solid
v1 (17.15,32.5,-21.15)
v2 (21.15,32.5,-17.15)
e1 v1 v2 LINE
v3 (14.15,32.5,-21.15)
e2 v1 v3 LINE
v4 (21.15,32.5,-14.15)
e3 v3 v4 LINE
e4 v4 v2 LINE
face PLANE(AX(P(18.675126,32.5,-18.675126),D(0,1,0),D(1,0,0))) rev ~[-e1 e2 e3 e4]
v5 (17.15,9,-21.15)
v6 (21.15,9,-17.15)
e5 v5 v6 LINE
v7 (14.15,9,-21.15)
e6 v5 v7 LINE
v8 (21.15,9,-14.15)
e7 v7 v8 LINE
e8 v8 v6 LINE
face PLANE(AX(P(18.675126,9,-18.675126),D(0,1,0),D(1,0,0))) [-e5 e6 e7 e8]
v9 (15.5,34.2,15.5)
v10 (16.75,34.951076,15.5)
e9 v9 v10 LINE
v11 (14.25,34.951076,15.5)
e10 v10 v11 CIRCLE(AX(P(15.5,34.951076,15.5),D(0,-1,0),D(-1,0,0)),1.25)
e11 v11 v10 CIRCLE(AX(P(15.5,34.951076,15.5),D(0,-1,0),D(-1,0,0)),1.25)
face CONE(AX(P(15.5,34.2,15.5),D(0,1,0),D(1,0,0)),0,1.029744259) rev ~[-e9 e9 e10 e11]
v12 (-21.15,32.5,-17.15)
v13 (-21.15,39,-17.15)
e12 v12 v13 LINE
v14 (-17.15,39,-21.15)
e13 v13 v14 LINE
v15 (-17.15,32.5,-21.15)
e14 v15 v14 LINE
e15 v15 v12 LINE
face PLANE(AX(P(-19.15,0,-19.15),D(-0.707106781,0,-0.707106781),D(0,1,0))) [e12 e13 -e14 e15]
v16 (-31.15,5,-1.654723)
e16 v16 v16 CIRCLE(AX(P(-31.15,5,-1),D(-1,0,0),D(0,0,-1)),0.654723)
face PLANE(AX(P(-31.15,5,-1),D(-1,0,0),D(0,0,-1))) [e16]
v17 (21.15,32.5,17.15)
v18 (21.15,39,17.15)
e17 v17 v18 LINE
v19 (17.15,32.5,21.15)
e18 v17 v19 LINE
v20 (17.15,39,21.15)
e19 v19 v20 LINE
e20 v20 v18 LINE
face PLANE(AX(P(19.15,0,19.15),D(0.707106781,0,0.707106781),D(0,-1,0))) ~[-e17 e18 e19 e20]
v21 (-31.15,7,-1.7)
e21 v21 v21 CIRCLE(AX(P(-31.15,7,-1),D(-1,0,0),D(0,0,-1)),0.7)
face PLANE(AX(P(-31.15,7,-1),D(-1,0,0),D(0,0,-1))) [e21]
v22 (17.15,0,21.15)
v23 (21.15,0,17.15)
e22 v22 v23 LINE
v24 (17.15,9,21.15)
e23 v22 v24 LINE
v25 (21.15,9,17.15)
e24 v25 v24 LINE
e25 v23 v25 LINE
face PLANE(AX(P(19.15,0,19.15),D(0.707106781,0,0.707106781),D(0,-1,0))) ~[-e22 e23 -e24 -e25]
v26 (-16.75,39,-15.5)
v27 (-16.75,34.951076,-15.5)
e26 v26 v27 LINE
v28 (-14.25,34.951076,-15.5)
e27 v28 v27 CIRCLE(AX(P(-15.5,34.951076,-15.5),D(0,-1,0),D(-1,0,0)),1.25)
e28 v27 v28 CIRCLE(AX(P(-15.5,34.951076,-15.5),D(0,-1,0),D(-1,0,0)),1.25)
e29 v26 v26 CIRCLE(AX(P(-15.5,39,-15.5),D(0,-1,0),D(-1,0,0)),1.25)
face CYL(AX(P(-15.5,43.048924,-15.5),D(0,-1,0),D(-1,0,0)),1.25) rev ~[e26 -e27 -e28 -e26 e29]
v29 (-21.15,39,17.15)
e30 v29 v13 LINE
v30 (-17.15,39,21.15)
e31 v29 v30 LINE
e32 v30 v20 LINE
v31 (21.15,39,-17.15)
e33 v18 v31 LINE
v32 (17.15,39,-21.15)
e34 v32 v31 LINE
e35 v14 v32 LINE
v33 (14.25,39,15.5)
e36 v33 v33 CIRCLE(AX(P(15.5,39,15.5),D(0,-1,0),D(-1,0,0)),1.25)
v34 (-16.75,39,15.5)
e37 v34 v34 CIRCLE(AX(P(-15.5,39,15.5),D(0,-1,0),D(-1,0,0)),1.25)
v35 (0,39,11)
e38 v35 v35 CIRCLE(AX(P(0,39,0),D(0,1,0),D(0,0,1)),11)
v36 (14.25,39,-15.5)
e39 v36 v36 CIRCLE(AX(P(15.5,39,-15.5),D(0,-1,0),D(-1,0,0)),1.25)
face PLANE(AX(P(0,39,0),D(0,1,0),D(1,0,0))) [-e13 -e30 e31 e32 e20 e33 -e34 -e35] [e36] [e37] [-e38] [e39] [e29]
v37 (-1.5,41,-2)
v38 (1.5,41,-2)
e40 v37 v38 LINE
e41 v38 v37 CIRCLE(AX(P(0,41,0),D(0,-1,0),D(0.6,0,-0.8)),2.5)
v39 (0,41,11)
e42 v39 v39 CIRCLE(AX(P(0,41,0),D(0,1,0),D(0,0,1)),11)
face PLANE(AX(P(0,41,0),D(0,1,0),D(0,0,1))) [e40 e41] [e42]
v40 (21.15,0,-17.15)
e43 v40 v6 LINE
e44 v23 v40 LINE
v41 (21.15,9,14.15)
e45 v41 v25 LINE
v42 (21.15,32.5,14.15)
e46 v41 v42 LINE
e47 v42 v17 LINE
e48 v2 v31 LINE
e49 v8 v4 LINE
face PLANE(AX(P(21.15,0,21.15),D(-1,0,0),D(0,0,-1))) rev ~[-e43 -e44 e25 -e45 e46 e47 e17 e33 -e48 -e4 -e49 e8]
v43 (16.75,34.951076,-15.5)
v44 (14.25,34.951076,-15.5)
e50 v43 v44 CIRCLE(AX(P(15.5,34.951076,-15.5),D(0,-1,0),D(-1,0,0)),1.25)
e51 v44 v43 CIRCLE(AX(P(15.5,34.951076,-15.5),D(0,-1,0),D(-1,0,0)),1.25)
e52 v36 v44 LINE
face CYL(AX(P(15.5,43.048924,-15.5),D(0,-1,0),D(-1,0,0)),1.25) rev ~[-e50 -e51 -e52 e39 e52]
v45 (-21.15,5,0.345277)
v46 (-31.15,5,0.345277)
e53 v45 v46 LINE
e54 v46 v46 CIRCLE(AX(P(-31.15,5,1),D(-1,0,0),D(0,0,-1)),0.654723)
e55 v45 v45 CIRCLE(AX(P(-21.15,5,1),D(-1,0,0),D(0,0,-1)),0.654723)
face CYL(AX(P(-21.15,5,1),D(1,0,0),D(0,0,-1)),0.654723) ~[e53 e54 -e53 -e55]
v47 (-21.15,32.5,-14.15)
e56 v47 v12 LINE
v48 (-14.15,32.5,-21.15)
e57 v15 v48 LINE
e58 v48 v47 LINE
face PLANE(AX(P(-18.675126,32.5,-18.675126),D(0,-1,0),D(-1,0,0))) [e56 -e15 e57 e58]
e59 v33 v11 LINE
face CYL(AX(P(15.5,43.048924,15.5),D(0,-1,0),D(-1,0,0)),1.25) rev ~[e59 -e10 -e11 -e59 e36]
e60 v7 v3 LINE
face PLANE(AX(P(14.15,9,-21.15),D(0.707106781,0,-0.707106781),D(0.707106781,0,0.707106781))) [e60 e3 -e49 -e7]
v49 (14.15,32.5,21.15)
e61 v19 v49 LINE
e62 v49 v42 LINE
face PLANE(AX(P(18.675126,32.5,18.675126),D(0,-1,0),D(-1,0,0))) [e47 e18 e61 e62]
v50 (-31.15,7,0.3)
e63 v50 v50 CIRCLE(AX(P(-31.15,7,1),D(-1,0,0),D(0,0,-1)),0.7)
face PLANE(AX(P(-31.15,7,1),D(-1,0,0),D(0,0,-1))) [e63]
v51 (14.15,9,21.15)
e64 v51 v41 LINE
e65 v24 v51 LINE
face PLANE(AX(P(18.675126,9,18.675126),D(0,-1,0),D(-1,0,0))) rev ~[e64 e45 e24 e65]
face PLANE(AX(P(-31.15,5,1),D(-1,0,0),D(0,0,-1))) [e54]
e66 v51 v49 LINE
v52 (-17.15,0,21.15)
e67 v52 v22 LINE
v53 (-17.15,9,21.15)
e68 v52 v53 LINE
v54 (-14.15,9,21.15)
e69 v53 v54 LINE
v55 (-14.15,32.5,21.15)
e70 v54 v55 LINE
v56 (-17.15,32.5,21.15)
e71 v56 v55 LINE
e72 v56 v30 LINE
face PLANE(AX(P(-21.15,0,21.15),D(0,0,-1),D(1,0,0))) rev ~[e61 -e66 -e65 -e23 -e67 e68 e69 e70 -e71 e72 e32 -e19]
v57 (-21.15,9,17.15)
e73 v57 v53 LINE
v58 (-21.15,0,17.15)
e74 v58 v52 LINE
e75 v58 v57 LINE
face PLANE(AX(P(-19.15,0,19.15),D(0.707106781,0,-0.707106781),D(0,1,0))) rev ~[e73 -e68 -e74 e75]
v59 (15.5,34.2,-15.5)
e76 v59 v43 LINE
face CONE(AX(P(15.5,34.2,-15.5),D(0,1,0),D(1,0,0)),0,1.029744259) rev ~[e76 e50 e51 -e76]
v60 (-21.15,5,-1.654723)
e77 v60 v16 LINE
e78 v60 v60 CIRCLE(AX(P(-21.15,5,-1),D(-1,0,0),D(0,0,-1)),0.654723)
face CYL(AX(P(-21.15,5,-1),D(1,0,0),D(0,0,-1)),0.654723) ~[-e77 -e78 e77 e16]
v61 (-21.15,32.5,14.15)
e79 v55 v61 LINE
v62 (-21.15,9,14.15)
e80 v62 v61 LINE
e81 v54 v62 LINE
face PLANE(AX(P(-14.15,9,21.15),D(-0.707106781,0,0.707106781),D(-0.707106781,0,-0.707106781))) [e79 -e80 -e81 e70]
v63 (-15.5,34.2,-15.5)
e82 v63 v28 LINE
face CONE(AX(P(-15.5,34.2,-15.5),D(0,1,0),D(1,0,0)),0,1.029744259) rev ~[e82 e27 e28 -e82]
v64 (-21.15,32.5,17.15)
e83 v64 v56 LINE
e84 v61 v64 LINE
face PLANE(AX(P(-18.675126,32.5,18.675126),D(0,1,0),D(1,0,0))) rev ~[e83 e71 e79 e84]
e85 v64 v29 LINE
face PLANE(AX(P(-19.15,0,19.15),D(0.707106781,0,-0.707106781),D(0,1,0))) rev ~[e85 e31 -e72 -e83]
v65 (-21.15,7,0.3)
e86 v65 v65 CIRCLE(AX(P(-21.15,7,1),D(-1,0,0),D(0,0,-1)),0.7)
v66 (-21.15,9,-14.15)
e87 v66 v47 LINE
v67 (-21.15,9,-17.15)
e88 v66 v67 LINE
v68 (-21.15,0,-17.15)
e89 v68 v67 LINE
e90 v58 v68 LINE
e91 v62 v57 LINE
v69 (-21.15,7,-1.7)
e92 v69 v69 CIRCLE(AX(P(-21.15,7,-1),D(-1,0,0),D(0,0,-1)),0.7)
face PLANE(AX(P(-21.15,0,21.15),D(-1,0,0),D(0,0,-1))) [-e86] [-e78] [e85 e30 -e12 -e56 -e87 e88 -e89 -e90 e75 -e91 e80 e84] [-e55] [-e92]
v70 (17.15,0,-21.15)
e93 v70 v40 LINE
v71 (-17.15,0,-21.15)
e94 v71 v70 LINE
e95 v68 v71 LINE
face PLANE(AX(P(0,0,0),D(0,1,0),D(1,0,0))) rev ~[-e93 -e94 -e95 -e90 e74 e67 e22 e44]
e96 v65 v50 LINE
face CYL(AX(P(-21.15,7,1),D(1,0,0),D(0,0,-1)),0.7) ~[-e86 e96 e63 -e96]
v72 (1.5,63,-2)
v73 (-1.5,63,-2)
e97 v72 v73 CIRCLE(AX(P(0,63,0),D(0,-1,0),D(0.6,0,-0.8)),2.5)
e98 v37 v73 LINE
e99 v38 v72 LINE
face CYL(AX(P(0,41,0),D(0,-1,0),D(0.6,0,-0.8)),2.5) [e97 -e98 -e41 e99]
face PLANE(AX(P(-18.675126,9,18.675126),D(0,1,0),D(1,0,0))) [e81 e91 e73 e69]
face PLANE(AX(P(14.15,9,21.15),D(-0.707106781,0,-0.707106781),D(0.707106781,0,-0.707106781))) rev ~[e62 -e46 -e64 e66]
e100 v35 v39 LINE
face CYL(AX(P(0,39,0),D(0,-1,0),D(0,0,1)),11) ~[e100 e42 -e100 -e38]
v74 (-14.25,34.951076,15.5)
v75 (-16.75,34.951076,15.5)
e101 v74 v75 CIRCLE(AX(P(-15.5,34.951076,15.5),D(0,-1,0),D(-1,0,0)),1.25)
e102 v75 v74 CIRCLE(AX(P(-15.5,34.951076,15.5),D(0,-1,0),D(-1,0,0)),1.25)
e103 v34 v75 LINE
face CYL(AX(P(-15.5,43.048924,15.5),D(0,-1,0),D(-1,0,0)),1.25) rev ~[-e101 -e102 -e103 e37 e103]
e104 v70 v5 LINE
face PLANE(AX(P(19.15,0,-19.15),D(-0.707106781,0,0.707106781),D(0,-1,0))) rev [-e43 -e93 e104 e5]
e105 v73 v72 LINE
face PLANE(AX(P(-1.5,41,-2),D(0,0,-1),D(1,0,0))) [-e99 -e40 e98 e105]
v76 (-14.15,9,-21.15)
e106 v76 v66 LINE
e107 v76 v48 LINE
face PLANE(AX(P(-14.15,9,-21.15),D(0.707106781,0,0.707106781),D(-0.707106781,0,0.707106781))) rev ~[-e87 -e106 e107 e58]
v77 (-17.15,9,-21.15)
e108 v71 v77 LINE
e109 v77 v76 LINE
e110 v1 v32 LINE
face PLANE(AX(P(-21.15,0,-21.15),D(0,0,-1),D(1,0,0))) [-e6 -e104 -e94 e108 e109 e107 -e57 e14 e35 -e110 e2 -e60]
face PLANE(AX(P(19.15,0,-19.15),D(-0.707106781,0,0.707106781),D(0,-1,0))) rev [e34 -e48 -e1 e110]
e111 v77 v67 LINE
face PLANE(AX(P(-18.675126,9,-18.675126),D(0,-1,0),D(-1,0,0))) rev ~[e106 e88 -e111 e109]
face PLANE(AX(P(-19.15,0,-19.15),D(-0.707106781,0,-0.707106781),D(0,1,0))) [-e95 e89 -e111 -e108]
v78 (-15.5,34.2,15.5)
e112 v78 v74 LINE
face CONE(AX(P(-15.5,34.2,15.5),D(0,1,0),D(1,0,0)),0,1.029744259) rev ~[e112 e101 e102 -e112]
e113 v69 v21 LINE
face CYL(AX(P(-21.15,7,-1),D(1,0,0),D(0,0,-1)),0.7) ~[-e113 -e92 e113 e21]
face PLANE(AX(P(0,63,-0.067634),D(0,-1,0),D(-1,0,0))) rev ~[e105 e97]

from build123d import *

# Parameters (mm, degrees)
ESQUISSE1_W                                   = 42.3
ESQUISSE1_H                                   = 42.3
BOSS_EXTRU_1_DEPTH                            = 39
ESQUISSE2_R                                   = 11
BOSS_EXTRU_2_DEPTH                            = 2
BOSS_EXTRU_3_DEPTH                            = 22
TROU_POUR_TARAUDAGE_POUR_TROU_TARAUD_M3_D     = 2.5
TROU_POUR_TARAUDAGE_POUR_TROU_TARAUD_M3_DEPTH = 4.048924226
TROU_POUR_TARAUDAGE_POUR_TROU_TARAUD_M3_TIP   = 0.751075774
CHANFREIN1_SIZE                               = 4
ENL_V_START                                   = 9
ENL_V_MAT_EXTRU_1_DEPTH                       = 23.5
ESQUISSE5_R                                   = 0.7
ESQUISSE5_R_2                                 = 0.654723083
BOSS_EXTRU_4_DEPTH                            = 10


with BuildPart() as part:
    # Esquisse1 → Boss.-Extru.1 (new body)
    with BuildSketch(Plane(origin=(0, 0, 0), x_dir=(1, 0, 0), z_dir=(0, 1, 0))):
        Rectangle(ESQUISSE1_W, ESQUISSE1_H)
    extrude(amount=BOSS_EXTRU_1_DEPTH)

    # Esquisse2 → Boss.-Extru.2 (add)
    with BuildSketch(Plane(origin=(0, 39, 0), x_dir=(1, 0, 0), z_dir=(0, 1, 0))):
        with Locations(Location((0, 0, 0), (0, 0, 270))):
            Circle(ESQUISSE2_R)
    extrude(amount=BOSS_EXTRU_2_DEPTH)

    # Esquisse3 → Boss.-Extru.3 (add)
    with BuildSketch(Plane(origin=(0, 41, 0), x_dir=(1, 0, 0), z_dir=(0, 1, 0))):
        with BuildLine():
            Line((-1.5, 2), (1.5, 2))
            ThreePointArc((1.5, 2), (0, -2.5), (-1.5, 2))
        make_face()
    extrude(amount=BOSS_EXTRU_3_DEPTH)

    # Trou pour taraudage pour trou taraudé M31
    with Locations(Plane(origin=(0, 39, 0), x_dir=(1, 0, 0), z_dir=(0, 1, 0))):
        with Locations((-15.5, 15.5), (15.5, 15.5), (15.5, -15.5), (-15.5, -15.5)):
            Hole(TROU_POUR_TARAUDAGE_POUR_TROU_TARAUD_M3_D / 2, depth=TROU_POUR_TARAUDAGE_POUR_TROU_TARAUD_M3_DEPTH)
            with Locations((0, 0, -(TROU_POUR_TARAUDAGE_POUR_TROU_TARAUD_M3_DEPTH + TROU_POUR_TARAUDAGE_POUR_TROU_TARAUD_M3_TIP / 2))):  # 118° drill point
                Cone(0, TROU_POUR_TARAUDAGE_POUR_TROU_TARAUD_M3_D / 2, TROU_POUR_TARAUDAGE_POUR_TROU_TARAUD_M3_TIP, mode=Mode.SUBTRACT)

    # Chanfrein1
    chanfrein1_edges = [part.edges().sort_by_distance(p)[0] for p in [
        (-21.15, 19.5, -21.15),
        (21.15, 19.5, -21.15),
        (21.15, 19.5, 21.15),
        (-21.15, 19.5, 21.15),
    ]]
    chamfer(chanfrein1_edges, length=CHANFREIN1_SIZE)

    # Esquisse4 → Enlèv. mat.-Extru.1 (cut)
    with BuildSketch(Plane(origin=(0, 0, 0), x_dir=(1, 0, 0), z_dir=(0, 1, 0)).offset(ENL_V_START)):
        Polygon((-14.15, 21.15), (-21.15, 14.15), (-21.15, 21.15), align=None)
        Polygon((21.15, 21.15), (14.15, 21.15), (21.15, 14.15), align=None)
        Polygon((14.15, -21.15), (21.15, -14.15), (21.15, -21.15), align=None)
        Polygon((-21.15, -21.15), (-14.15, -21.15), (-21.15, -14.15), align=None)
    extrude(amount=ENL_V_MAT_EXTRU_1_DEPTH, mode=Mode.SUBTRACT)

    # Esquisse5 → Boss.-Extru.4 (add)
    with BuildSketch(Plane.ZY.offset(21.15)):
        with Locations(Location((-1, 7, 0), (0, 0, 180))):
            Circle(ESQUISSE5_R)
        with Locations(Location((-1, 5, 0), (0, 0, 180))):
            Circle(ESQUISSE5_R_2)
        with Locations(Location((1, 5, 0), (0, 0, 180))):
            Circle(ESQUISSE5_R_2)
        with Locations(Location((1, 7, 0), (0, 0, 180))):
            Circle(ESQUISSE5_R)
    extrude(amount=BOSS_EXTRU_4_DEPTH)


solid = part.part
